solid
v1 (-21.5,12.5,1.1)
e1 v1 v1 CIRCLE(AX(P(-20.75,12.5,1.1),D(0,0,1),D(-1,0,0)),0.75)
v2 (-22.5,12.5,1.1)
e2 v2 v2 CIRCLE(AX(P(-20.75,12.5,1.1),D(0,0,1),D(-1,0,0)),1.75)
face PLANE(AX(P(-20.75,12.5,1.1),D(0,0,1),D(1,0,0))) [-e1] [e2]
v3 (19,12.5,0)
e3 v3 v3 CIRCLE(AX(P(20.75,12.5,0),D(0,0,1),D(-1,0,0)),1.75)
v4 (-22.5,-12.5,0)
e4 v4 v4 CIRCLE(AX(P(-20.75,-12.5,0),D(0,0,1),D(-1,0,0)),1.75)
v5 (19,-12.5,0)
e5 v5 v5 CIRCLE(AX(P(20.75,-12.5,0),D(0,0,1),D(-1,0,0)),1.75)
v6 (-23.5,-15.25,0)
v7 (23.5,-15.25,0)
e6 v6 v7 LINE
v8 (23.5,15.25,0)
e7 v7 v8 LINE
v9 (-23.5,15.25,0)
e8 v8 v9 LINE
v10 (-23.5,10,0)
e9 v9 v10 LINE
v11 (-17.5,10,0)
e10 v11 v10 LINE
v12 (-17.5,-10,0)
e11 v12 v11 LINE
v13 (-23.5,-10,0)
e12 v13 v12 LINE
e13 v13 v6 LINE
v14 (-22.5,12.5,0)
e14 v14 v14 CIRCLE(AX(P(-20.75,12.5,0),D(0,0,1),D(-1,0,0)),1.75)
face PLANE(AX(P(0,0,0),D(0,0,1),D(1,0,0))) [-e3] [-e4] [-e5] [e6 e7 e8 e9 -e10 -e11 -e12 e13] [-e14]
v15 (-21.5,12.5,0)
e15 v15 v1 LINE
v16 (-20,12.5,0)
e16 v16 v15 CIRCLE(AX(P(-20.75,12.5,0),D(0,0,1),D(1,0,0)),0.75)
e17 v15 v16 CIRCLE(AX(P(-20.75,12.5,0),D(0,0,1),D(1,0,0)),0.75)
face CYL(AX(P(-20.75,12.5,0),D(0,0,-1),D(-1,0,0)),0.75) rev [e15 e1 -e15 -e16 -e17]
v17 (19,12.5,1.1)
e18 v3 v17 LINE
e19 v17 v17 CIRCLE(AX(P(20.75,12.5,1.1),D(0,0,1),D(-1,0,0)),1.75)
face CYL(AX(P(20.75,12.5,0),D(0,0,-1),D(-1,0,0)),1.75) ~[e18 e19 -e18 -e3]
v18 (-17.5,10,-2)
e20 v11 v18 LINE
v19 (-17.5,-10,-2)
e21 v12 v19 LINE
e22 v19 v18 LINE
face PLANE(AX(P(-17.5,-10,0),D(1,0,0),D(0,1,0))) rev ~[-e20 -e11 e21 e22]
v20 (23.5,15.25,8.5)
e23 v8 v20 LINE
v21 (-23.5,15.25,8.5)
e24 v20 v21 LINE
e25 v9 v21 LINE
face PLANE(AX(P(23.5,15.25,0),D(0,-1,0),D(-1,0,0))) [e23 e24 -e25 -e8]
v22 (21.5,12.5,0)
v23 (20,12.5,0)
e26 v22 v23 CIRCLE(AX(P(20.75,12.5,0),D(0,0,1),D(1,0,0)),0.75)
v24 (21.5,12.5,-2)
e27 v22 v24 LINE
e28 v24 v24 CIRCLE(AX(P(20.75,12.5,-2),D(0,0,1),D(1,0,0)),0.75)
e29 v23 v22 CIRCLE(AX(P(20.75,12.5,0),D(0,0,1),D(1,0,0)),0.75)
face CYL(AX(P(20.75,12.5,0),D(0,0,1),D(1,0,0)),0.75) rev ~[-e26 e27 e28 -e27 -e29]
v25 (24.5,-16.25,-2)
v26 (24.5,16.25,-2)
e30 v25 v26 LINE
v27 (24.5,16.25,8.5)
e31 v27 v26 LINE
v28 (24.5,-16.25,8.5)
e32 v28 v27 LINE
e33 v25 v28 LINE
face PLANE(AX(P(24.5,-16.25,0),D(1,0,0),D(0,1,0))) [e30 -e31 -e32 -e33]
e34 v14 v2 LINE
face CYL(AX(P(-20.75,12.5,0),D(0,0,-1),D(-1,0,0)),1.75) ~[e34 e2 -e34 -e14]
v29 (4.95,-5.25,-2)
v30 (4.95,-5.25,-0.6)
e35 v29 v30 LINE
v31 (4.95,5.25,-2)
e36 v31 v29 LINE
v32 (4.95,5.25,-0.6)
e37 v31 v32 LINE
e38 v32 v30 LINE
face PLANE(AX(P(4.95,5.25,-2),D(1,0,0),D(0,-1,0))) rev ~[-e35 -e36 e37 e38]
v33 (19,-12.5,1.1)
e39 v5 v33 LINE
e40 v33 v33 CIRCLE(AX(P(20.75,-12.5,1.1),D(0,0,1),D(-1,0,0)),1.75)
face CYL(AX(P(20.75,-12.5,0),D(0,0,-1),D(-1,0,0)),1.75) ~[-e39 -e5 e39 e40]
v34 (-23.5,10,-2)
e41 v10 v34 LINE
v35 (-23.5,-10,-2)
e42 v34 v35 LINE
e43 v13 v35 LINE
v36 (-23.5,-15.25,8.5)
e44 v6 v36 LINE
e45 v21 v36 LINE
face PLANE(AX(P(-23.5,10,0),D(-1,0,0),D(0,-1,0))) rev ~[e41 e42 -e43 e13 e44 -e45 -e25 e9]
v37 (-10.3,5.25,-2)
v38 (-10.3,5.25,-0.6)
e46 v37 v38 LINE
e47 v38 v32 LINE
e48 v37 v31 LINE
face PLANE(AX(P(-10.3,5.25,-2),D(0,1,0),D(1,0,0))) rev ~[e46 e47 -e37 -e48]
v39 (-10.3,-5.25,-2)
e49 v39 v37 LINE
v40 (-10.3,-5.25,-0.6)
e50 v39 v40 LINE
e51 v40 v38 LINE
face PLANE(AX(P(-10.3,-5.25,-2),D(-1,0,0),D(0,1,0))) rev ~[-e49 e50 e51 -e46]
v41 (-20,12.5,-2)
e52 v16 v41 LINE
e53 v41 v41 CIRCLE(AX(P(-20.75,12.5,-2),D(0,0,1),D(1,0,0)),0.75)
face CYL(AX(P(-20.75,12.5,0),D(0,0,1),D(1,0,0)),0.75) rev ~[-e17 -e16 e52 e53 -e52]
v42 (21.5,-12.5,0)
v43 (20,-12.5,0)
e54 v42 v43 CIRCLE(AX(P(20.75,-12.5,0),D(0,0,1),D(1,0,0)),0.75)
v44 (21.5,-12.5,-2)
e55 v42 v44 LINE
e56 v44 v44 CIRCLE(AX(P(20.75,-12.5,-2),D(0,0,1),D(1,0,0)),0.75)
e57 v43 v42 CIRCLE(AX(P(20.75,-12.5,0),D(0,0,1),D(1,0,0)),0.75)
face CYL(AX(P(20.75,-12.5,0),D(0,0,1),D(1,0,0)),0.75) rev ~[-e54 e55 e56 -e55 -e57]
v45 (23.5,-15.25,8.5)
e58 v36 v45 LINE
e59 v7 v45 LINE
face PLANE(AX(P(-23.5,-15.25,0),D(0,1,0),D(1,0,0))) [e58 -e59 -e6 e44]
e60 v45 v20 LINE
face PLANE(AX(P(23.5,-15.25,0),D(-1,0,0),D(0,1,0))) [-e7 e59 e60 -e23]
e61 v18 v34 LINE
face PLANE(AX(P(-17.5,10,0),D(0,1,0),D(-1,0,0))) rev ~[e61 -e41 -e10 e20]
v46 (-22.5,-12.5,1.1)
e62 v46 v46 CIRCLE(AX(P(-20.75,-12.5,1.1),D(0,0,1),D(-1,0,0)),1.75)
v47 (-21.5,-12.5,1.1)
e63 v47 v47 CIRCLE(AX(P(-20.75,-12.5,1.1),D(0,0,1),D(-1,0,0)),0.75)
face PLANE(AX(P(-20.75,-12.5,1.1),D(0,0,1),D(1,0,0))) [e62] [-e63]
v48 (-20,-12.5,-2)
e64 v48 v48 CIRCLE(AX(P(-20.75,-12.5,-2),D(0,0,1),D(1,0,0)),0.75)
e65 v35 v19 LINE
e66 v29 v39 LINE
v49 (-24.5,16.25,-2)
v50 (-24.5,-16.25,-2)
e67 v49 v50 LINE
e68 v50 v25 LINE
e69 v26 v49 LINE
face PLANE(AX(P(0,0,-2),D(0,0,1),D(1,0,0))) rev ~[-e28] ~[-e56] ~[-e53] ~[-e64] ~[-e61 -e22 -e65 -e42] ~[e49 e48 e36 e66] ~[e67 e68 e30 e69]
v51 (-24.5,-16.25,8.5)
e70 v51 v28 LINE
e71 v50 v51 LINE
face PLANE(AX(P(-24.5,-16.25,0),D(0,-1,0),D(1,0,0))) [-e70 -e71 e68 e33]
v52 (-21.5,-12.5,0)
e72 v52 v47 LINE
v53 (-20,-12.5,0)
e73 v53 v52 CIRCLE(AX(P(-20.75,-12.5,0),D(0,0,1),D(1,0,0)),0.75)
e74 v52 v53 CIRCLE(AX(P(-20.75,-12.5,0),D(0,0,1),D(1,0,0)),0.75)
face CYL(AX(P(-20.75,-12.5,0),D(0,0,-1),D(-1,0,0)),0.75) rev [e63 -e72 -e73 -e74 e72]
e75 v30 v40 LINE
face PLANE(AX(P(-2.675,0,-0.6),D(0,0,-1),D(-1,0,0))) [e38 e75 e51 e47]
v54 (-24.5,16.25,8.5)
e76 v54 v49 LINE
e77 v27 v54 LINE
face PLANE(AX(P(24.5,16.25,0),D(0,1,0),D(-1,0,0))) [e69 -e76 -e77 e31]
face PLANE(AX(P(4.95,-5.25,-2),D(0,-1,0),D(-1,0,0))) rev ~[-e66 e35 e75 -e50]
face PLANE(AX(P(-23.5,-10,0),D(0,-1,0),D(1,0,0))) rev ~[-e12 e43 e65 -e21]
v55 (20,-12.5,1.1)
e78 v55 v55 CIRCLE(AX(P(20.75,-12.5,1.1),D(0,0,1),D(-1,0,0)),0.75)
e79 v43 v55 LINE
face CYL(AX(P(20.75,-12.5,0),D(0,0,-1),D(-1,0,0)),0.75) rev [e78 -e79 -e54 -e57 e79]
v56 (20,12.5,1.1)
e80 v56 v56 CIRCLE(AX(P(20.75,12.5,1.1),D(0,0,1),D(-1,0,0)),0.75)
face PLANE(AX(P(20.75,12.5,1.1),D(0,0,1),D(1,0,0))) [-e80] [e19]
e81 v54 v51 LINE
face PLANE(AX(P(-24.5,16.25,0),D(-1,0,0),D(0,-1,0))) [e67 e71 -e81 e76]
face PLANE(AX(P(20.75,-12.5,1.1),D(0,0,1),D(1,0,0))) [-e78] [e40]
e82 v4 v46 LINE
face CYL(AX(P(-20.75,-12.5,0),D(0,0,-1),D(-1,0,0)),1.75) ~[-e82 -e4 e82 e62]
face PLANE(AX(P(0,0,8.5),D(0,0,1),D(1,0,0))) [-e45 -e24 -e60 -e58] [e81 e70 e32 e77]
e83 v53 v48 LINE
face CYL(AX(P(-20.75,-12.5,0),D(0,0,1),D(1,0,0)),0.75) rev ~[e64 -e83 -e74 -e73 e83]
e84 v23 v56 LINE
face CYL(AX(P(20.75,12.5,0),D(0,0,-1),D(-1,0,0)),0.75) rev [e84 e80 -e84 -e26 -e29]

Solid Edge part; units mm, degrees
sketch "Sketch1" plane through (0, 0, 0) normal (0, 0, 1) x (1, 0, 0)
  line L0 (-24.5, 16.25) -> (-24.5, -16.25)
  line L1 (-24.5, -16.25) -> (24.5, -16.25)
  line L2 (24.5, -16.25) -> (24.5, 16.25)
  line L3 (24.5, 16.25) -> (-24.5, 16.25)
extrude "Protrusion1" add sketch "Sketch1" against normal blind 2
sketch "Sketch2" plane through (0, 0, 0) normal (0, 0, 1) x (1, 0, 0)
  line L0 (-23.5, 15.25) -> (-23.5, -15.25)
  line L1 (-23.5, -15.25) -> (23.5, -15.25)
  line L2 (23.5, -15.25) -> (23.5, 15.25)
  line L3 (23.5, 15.25) -> (-23.5, 15.25)
  line L4 (-24.5, 16.25) -> (-24.5, -16.25)
  line L5 (-24.5, -16.25) -> (24.5, -16.25)
  line L6 (24.5, -16.25) -> (24.5, 16.25)
  line L7 (24.5, 16.25) -> (-24.5, 16.25)
  dimension "D1" = 30.5
  dimension "D2" = 47
  dimension "D3" = 1
  dimension "D4" = 1.5
  dimension "D5" = 25
  dimension "D6" = 41.5
  dimension "D7" = 1
  dimension "D8" = 1
  dimension "D9" = 1
  dimension "D10" = 1
  dimension "D11" = 20
  dimension "D12" = 6
extrude "ExtrudedProtrusion_2" add sketch "Sketch2" along normal blind 8.5
sketch "Sketch3" plane through (0, 0, 0) normal (0, 0, 1) x (1, 0, 0)
  line L0 (-17.5, -10) -> (-17.5, 10)
  line L1 (-17.5, 10) -> (-23.5, 10)
  line L2 (-23.5, 10) -> (-23.5, -10)
  line L3 (-23.5, -10) -> (-17.5, -10)
extrude "Cutout1" cut sketch "Sketch3" against normal up to vertex (2 mm away)
sketch "Sketch4" plane through (0, 0, 0) normal (0, 0, 1) x (1, 0, 0)
  circle A0 centre (-20.75, 12.5) radius 0.75
  circle A1 centre (-20.75, -12.5) radius 0.75
  circle A2 centre (20.75, -12.5) radius 0.75
  circle A3 centre (20.75, 12.5) radius 0.75
  dimension "D1" = 3.5
extrude "Cutout2" cut sketch "Sketch4" against normal up to vertex (2 mm away)
sketch "Sketch5" plane through (0, 0, -2) normal (0, 0, -1) x (1, 0, 0)
  line L0 (-10.05, 5.5) -> (-10.05, -4.5)
  line L1 (-10.05, -4.5) -> (4.7, -4.5)
  line L2 (4.7, -4.5) -> (4.7, 5.5)
  line L3 (4.7, 5.5) -> (-10.05, 5.5)
extrude "ExtrudedCutout_4" cut sketch "Sketch5" against normal blind 1
sketch "Sketch6" plane through (0, 0, -2) normal (0, 0, -1) x (1, 0, 0)
  line L0 (4.7, 5.5) -> (-10.05, 5.5)
  line L1 (-10.05, 5.5) -> (-10.05, -4.5)
  line L2 (-10.05, -4.5) -> (4.7, -4.5)
  line L3 (4.7, -4.5) -> (4.7, 5.5)
extrude "Protrusion2" add sketch "Sketch6" against normal up to vertex (1 mm away)
sketch "Sketch7" plane through (0, 0, -2) normal (0, 0, -1) x (1, 0, 0)
  line L0 (-10.05, -5) -> (4.7, -5)
  line L1 (4.7, -5) -> (4.7, 5)
  line L2 (4.7, 5) -> (-10.05, 5)
  line L3 (-10.05, 5) -> (-10.05, -5)
extrude "ExtrudedCutout_5" cut sketch "Sketch7" against normal blind 1
sketch "Sketch8" plane through (0, 0, -2) normal (0, 0, -1) x (1, 0, 0)
  line L0 (4.95, 5.25) -> (-10.3, 5.25)
  line L1 (-10.3, 5.25) -> (-10.3, -5.25)
  line L2 (-10.3, -5.25) -> (4.95, -5.25)
  line L3 (4.95, -5.25) -> (4.95, 5.25)
extrude "ExtrudedCutout_6" cut sketch "Sketch8" against normal blind 1.4
sketch "Sketch9" plane through (0, 0, 0) normal (0, 0, 1) x (-1, 0, 0)
  circle A0 centre (20.75, 12.5) radius 1.75
  circle A1 centre (20.75, 12.5) radius 0.75
  circle A2 centre (20.75, -12.5) radius 1.75
  circle A3 centre (20.75, -12.5) radius 0.75
  circle A4 centre (-20.75, -12.5) radius 1.75
  circle A5 centre (-20.75, -12.5) radius 0.75
  circle A6 centre (-20.75, 12.5) radius 1.75
  circle A7 centre (-20.75, 12.5) radius 0.75
  dimension "D1" = 3.5
extrude "ExtrudedProtrusion_6" add sketch "Sketch9" along normal blind 1.1
properties material "Graphite"
